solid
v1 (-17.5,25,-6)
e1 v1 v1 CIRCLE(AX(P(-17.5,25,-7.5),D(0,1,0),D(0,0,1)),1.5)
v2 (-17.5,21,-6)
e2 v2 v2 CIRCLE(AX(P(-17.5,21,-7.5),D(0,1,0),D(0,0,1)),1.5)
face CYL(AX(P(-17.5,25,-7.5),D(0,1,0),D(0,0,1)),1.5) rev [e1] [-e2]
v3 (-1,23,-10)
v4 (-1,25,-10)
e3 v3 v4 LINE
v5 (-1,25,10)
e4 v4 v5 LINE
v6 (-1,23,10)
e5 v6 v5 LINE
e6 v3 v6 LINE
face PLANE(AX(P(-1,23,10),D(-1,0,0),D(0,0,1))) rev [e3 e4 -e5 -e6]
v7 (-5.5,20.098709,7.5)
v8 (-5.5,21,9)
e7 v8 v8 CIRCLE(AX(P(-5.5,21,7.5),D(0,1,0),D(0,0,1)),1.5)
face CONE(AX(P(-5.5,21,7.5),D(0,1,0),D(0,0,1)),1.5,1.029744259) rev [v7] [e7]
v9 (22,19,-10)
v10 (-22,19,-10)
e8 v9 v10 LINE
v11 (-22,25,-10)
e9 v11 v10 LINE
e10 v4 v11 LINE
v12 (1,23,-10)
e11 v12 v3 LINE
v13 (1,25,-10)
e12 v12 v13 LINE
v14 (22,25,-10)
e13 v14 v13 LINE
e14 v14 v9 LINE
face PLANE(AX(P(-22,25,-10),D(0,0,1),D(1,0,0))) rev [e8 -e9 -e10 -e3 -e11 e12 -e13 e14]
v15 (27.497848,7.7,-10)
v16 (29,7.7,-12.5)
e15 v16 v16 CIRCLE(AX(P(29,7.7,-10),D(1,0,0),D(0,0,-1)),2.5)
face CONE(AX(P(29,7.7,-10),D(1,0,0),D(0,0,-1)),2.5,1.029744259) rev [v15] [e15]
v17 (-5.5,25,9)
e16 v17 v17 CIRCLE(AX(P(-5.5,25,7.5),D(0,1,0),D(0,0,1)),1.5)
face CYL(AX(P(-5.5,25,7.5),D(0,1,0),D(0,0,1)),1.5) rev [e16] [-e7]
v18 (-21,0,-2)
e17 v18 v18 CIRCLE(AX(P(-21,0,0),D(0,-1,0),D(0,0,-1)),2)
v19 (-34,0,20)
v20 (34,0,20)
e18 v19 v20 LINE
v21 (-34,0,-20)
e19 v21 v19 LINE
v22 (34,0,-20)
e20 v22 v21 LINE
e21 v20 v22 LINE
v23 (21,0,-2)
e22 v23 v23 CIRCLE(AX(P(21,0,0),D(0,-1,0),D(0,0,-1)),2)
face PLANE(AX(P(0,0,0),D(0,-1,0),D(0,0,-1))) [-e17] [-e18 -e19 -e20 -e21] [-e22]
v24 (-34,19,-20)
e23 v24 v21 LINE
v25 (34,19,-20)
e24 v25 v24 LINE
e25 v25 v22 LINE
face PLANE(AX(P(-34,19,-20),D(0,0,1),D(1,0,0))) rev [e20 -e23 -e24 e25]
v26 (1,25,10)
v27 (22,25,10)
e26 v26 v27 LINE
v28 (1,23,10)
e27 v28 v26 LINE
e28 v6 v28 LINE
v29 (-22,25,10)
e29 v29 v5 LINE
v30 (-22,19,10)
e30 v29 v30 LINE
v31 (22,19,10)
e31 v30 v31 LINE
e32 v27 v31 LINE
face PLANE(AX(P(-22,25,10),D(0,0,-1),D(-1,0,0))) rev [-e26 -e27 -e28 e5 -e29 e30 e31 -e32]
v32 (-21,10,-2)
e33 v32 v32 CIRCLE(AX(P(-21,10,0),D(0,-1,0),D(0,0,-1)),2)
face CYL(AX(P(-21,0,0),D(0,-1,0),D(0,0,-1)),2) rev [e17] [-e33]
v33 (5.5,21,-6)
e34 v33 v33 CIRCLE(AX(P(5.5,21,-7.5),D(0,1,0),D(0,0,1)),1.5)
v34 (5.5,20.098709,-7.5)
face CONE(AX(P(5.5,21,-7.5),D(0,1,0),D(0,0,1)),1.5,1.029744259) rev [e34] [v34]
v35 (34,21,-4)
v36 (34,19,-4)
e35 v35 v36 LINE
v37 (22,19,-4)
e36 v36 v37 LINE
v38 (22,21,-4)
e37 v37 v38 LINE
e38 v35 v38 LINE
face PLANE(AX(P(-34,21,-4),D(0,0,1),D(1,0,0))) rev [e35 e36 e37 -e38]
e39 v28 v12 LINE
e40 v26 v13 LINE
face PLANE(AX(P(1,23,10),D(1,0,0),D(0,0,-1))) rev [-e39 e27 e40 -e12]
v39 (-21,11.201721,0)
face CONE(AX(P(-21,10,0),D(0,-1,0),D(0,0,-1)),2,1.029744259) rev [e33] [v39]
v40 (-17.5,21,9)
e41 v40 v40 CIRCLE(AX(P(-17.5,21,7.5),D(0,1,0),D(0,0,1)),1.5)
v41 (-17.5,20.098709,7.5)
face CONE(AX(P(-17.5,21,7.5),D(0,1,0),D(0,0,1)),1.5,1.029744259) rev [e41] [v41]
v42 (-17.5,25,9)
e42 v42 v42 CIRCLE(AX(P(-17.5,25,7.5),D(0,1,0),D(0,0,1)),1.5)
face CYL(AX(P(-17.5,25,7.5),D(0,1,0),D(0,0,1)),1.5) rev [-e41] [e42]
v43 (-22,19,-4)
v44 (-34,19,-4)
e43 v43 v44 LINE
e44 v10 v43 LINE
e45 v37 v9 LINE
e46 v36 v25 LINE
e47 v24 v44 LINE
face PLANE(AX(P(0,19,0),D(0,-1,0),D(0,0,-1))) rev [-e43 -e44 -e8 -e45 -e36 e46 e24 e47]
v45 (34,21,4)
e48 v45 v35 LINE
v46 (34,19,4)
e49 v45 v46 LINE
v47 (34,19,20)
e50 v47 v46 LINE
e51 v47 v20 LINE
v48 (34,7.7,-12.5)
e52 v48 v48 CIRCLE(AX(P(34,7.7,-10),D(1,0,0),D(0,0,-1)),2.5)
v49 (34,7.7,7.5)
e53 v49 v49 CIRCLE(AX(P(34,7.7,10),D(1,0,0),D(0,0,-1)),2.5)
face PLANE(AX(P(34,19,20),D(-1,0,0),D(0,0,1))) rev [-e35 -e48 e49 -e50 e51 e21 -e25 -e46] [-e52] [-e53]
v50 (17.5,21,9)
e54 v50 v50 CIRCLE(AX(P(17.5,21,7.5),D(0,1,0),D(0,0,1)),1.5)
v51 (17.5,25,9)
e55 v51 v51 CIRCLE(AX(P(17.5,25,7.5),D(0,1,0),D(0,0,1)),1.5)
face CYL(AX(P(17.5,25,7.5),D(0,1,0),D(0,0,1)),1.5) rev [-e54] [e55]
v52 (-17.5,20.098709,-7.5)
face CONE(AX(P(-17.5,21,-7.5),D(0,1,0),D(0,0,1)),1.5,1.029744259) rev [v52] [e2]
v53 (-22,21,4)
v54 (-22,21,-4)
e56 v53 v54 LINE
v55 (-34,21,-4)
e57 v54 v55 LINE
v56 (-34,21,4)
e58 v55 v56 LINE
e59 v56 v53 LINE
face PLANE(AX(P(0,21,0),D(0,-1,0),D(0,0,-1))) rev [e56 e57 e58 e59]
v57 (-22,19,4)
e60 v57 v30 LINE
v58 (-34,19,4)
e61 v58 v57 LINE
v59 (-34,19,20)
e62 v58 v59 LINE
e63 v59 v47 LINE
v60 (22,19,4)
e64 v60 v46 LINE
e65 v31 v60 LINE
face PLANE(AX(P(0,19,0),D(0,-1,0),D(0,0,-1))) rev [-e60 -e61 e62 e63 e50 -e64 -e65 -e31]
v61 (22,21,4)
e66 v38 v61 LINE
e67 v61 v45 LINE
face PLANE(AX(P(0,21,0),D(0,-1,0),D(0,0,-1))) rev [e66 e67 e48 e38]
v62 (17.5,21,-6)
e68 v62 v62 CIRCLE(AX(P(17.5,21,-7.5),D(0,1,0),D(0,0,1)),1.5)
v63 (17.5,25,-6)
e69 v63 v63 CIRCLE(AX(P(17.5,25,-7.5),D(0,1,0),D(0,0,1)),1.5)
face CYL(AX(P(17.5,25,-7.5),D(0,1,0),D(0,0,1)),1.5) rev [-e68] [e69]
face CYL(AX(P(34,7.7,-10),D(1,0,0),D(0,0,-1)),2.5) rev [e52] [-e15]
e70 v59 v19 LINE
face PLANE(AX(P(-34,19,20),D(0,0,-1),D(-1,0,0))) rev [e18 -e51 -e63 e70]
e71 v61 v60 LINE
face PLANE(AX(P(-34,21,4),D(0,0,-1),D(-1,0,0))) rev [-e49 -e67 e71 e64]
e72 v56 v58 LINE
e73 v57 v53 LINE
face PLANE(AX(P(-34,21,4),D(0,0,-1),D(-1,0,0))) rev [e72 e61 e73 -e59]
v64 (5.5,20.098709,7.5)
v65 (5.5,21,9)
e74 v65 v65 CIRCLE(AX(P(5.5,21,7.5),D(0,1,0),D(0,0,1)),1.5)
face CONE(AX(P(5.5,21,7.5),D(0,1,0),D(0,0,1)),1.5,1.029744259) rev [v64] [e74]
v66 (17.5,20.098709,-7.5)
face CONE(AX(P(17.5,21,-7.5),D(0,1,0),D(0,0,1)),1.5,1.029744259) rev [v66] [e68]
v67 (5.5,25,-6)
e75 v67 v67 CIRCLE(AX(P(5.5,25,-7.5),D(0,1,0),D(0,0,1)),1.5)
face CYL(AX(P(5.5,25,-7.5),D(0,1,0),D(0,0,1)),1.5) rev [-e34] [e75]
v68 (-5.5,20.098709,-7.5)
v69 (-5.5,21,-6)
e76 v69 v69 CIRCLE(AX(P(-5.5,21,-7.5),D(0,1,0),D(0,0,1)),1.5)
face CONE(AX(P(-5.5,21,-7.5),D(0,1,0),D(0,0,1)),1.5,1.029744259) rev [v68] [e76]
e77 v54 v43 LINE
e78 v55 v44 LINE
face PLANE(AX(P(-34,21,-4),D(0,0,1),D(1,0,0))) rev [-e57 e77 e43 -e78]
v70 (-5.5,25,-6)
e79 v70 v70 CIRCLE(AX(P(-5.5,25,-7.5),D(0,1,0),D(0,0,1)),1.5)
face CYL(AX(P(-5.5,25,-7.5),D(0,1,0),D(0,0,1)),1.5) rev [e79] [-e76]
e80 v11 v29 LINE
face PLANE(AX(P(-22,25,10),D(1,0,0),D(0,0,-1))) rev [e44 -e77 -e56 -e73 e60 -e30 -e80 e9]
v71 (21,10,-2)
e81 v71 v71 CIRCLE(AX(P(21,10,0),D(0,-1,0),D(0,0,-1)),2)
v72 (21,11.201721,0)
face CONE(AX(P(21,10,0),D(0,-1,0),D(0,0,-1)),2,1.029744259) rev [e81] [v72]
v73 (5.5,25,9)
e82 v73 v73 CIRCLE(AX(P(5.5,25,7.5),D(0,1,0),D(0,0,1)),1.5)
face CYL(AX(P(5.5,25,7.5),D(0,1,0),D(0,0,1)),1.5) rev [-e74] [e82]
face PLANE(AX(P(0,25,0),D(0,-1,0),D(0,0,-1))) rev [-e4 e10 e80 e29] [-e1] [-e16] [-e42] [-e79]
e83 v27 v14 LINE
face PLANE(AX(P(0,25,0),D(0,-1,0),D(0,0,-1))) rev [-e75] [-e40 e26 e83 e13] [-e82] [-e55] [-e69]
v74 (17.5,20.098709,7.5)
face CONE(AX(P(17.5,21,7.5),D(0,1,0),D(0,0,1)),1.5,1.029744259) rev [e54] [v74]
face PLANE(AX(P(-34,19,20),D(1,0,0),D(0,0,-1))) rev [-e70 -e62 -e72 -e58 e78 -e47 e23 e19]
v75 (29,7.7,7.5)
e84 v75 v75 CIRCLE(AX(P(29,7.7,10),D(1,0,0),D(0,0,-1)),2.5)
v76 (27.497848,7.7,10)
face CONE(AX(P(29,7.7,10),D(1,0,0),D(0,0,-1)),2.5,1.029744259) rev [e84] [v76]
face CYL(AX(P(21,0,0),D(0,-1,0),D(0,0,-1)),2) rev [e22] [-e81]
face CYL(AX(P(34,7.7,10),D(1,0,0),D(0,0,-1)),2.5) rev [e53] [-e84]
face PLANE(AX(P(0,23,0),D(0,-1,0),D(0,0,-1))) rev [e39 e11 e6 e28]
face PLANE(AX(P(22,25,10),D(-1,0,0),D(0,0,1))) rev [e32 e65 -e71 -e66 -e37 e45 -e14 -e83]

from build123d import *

# Parameters (mm, degrees)
SKETCH_1_W          = 68
SKETCH_1_H          = 40
EXTRUDE_1_DEPTH     = 19
SKETCH_2_W          = 44
SKETCH_2_H          = 20
EXTRUDE_2_DEPTH     = 6
SKETCH_4_W          = 2
SKETCH_4_H          = 20
CUT_EXTRUDE_1_DEPTH = 2
SKETCH_5_W          = 68
SKETCH_5_H          = 8
EXTRUDE_3_DEPTH     = 2
MM_1_AT_2_COUNT     = 2
MM_1_AT_2_PITCH     = 15
MM_1_AT_3_COUNT     = 2
MM_1_AT_3_PITCH     = 19.209372712
MM_1_AT_4_COUNT     = 2
MM_1_AT_4_PITCH     = 12
MM_2_D              = 4
MM_2_DEPTH          = 10
MM_2_TIP            = 1.201721238
MM_3_D              = 5
MM_3_DEPTH          = 5
MM_3_TIP            = 1.502151548


with BuildPart() as part:
    # 草图1 → 凸台-拉伸1 (new body)
    with BuildSketch(Plane(origin=(0, 0, 0), x_dir=(1, 0, 0), z_dir=(0, 1, 0))):
        Rectangle(SKETCH_1_W, SKETCH_1_H)
    extrude(amount=EXTRUDE_1_DEPTH)

    # 草图2 → 凸台-拉伸2 (add)
    with BuildSketch(Plane(origin=(0, 19, 0), x_dir=(1, 0, 0), z_dir=(0, 1, 0))):
        Rectangle(SKETCH_2_W, SKETCH_2_H)
    extrude(amount=EXTRUDE_2_DEPTH)

    # 草图4 → 切除-拉伸1 (cut)
    with BuildSketch(Plane(origin=(0, 25, 0), x_dir=(1, 0, 0), z_dir=(0, 1, 0))):
        Rectangle(SKETCH_4_W, SKETCH_4_H)
    extrude(amount=-CUT_EXTRUDE_1_DEPTH, mode=Mode.SUBTRACT)

    # 草图5 → 凸台-拉伸3 (add)
    with BuildSketch(Plane(origin=(0, 19, 0), x_dir=(1, 0, 0), z_dir=(0, 1, 0))):
        Rectangle(SKETCH_5_W, SKETCH_5_H)
    extrude(amount=EXTRUDE_3_DEPTH)

    # 草图7 → 大小mm 暗销孔1 (revolve, cut)
    with BuildSketch(Plane(origin=(17.5, 25, -7.5), x_dir=(0, 0, 1), z_dir=(1, 0, 0))):
        Polygon((0, 0), (0, 4.901290929), (1.5, 4), (1.5, 0), align=None)
    mm_1 = revolve(axis=Axis((17.5, 31.35, -7.5), (0, -1, 0)), mode=Mode.SUBTRACT)

    # 大小mm 暗销孔1 at 2: 大小mm 暗销孔1 ×2
    with Locations(*[(0, 0, i * MM_1_AT_2_PITCH) for i in range(1, MM_1_AT_2_COUNT)]):
        add(mm_1, mode=Mode.SUBTRACT)

    # 大小mm 暗销孔1 at 3: 大小mm 暗销孔1 ×2
    with Locations(*[Vector(-0.6246950475544242, 0, 0.7808688094430305) * (i * MM_1_AT_3_PITCH) for i in range(1, MM_1_AT_3_COUNT)]):
        add(mm_1, mode=Mode.SUBTRACT)

    # 大小mm 暗销孔1 at 4: 大小mm 暗销孔1 ×2
    with Locations(*[(-i * MM_1_AT_4_PITCH, 0, 0) for i in range(1, MM_1_AT_4_COUNT)]):
        add(mm_1, mode=Mode.SUBTRACT)

    # 镜向1: 大小mm 暗销孔1 across plane
    add(mm_1.mirror(Plane(origin=(0, 0, 0), x_dir=(0, 0, 1), z_dir=(1, 0, 0))), mode=Mode.SUBTRACT)

    # 镜向1 copy 1 sketch → 镜向1 copy 1 (revolve, cut)
    with BuildSketch(Plane(origin=(-17.5, 25, 7.5), x_dir=(0, 0, 1), z_dir=(-1, 0, 0))):
        Polygon((0, 0), (0, -4.901290929), (1.5, -4), (1.5, 0), align=None)
    revolve(axis=Axis((-17.5, 31.35, 7.5), (0, 1, 0)), mode=Mode.SUBTRACT)

    # 镜向1 copy 2 sketch → 镜向1 copy 2 (revolve, cut)
    with BuildSketch(Plane(origin=(-5.5, 25, 7.5), x_dir=(0, 0, 1), z_dir=(-1, 0, 0))):
        Polygon((0, 0), (0, -4.901290929), (1.5, -4), (1.5, 0), align=None)
    revolve(axis=Axis((-5.5, 31.35, 7.5), (0, 1, 0)), mode=Mode.SUBTRACT)

    # 镜向1 copy 3 sketch → 镜向1 copy 3 (revolve, cut)
    with BuildSketch(Plane(origin=(-5.5, 25, -7.5), x_dir=(0, 0, 1), z_dir=(-1, 0, 0))):
        Polygon((0, 0), (0, -4.901290929), (1.5, -4), (1.5, 0), align=None)
    revolve(axis=Axis((-5.5, 31.35, -7.5), (0, 1, 0)), mode=Mode.SUBTRACT)

    # 大小mm 暗销孔2
    with Locations(Plane(origin=(21, 0, 0), x_dir=(0, 0, -1), z_dir=(0, -1, 0))):
        with Locations((0, 0), (0, -42)):
            Hole(MM_2_D / 2, depth=MM_2_DEPTH)
            with Locations((0, 0, -(MM_2_DEPTH + MM_2_TIP / 2))):  # 118° drill point
                Cone(0, MM_2_D / 2, MM_2_TIP, mode=Mode.SUBTRACT)

    # 大小mm 暗销孔3
    with Locations(Plane(origin=(34, 7.7, -10), x_dir=(0, 0, 1), z_dir=(1, 0, 0))):
        with Locations((0, 0), (20, 0)):
            Hole(MM_3_D / 2, depth=MM_3_DEPTH)
            with Locations((0, 0, -(MM_3_DEPTH + MM_3_TIP / 2))):  # 118° drill point
                Cone(0, MM_3_D / 2, MM_3_TIP, mode=Mode.SUBTRACT)


solid = part.part
